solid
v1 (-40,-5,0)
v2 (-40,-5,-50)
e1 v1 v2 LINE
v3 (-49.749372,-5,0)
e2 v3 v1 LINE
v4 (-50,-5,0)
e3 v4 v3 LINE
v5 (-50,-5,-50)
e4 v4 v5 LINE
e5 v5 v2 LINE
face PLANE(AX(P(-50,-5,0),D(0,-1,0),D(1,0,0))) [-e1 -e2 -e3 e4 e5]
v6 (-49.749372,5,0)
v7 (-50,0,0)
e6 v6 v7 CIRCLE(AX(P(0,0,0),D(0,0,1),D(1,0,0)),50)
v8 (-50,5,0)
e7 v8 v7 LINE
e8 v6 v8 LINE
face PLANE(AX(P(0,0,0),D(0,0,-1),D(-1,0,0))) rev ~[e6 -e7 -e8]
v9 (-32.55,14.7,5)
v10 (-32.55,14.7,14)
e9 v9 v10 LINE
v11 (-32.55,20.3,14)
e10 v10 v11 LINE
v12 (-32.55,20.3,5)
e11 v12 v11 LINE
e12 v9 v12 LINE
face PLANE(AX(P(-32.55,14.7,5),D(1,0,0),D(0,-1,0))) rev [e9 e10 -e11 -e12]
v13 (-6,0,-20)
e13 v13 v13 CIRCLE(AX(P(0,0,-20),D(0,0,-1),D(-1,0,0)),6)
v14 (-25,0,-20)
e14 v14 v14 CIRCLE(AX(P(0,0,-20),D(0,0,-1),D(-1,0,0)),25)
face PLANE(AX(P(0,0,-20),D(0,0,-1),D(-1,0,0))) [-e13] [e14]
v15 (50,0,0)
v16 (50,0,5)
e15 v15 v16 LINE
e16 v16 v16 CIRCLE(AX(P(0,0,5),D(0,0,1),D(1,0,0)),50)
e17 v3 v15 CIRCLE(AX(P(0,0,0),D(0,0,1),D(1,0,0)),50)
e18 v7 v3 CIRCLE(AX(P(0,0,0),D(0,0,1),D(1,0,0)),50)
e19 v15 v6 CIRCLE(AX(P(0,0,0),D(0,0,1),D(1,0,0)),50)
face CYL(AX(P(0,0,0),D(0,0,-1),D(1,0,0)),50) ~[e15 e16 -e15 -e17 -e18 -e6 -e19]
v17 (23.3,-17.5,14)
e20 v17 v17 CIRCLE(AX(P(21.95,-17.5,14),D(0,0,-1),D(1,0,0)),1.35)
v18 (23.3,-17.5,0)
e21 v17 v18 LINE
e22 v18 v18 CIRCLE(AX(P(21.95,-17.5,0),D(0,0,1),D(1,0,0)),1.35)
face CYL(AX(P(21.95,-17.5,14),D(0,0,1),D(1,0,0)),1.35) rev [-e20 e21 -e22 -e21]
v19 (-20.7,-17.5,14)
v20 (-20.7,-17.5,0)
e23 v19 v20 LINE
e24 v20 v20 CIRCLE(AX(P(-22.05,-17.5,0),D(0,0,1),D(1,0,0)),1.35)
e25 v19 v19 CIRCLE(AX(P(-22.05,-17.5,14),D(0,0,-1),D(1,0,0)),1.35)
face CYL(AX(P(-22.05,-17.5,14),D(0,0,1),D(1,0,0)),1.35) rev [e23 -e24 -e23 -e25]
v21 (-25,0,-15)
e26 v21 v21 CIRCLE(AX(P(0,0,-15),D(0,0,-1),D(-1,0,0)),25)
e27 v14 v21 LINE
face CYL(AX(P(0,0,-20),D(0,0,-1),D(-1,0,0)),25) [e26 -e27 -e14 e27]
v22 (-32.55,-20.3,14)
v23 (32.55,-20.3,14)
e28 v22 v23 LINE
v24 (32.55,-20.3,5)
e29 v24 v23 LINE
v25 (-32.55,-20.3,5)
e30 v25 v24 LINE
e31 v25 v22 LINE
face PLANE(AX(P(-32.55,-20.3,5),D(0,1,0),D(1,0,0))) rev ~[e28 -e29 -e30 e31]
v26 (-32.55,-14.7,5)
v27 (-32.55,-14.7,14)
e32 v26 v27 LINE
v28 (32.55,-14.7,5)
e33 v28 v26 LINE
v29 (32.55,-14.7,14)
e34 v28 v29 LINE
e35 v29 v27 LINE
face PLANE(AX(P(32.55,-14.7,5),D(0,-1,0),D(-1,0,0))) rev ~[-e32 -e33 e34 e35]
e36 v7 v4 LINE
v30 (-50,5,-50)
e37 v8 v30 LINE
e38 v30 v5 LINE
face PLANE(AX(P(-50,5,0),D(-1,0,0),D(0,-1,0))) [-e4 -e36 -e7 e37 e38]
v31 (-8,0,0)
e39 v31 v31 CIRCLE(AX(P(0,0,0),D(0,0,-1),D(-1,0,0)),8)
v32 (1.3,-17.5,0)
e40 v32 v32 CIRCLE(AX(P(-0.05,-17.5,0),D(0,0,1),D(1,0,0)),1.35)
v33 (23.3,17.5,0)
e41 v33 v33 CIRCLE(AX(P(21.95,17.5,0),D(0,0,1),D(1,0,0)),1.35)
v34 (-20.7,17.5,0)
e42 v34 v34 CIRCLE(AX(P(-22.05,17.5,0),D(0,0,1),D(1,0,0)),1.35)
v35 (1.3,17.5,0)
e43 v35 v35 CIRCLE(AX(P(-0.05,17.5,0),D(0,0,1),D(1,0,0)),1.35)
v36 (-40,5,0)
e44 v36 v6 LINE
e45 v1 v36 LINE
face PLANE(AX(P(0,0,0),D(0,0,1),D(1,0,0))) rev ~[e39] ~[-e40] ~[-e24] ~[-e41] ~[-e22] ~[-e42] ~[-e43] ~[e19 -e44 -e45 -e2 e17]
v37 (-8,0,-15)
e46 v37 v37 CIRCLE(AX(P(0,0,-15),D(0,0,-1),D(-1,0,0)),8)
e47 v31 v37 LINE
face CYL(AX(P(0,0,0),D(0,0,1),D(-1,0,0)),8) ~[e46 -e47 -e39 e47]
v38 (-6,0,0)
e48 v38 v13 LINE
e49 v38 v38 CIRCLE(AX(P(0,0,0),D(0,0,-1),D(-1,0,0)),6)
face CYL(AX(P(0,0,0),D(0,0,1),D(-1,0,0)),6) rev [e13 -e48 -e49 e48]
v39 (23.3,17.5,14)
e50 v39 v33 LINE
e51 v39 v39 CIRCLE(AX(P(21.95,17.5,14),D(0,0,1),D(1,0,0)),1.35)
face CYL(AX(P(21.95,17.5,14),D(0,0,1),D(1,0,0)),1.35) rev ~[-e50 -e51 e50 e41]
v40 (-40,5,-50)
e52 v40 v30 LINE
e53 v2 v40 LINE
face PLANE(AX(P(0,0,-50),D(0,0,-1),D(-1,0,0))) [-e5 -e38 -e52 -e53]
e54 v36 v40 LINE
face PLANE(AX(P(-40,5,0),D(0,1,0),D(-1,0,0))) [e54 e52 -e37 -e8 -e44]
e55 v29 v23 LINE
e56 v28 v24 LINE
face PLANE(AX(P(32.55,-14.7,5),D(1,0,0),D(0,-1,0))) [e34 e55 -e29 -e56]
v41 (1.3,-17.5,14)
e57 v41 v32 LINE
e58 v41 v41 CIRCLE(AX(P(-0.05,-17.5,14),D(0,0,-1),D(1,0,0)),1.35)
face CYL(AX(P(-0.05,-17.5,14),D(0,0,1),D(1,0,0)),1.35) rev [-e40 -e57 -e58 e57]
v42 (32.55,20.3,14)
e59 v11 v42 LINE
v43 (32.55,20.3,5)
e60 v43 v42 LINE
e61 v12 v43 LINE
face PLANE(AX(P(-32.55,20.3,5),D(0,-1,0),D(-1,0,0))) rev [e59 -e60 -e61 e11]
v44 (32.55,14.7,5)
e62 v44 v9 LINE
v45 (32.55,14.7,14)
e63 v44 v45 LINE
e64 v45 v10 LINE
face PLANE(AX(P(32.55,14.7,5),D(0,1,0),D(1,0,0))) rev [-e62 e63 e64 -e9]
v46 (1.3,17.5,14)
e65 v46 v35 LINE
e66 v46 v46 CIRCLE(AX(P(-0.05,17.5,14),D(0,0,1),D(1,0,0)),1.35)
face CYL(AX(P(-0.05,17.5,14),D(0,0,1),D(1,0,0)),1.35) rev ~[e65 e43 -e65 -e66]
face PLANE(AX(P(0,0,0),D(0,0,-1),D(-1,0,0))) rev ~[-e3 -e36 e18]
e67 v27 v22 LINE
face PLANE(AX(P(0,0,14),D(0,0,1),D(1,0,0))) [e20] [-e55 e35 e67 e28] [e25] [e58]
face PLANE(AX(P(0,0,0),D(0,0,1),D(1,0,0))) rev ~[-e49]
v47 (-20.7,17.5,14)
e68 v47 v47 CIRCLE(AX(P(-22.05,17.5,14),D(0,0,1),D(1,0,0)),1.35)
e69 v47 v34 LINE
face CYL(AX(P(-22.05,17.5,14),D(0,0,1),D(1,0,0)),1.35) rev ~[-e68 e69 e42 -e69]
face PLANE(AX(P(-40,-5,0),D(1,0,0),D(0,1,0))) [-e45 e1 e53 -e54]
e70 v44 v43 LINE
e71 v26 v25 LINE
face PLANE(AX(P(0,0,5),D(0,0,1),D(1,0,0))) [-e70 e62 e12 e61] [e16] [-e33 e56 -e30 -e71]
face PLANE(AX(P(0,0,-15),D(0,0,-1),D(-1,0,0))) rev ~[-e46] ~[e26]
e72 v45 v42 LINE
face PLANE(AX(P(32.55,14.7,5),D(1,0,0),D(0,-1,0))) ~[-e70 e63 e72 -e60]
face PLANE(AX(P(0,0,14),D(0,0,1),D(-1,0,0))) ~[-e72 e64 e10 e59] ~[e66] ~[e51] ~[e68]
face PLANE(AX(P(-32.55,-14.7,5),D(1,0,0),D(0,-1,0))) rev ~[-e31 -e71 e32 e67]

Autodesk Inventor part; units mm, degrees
ref_plane "YZ Plane" through (0, 0, 0) normal (1, 0, 0) x (0, 1, 0)
ref_plane "XZ Plane" through (0, 0, 0) normal (0, 1, 0) x (-1, 0, 0)
ref_plane "XY Plane" through (0, 0, 0) normal (0, 0, 1) x (1, 0, 0)
sketch "Skizze1" plane through (0, 0, 0) normal (0, 0, 1) x (1, 0, 0)
  circle A0 centre (0, 0) radius 50
  dimension "d0" = 100
extrude "Extrusion1" add sketch "Skizze1" along normal blind 5
sketch "Skizze2" plane through (0, 0, 0) normal (0, 0, -1) x (-1, 0, 0)
  circle A0 centre (0, 0) radius 6
  circle A1 centre (0, 0) radius 8
  dimension "d3" = 12
  dimension "d4" = 16
extrude "Extrusion2" add sketch "Skizze2" along normal blind 20
sketch "Skizze3" plane through (0, 0, 0) normal (0, 0, -1) x (-1, 0, 0)
  circle A0 centre (0, 0) radius 50 construction
  line L0 (50, 0) -> (40, 0) construction
  line L1 (40, 0) -> (40, 5) construction
  line L2 (40, 5) -> (50, 5) construction
  line L3 (40, 5) -> (50, 5) construction
  line L4 (50, 5) -> (50, 0) construction
  line L5 (50, 0) -> (50, -5) construction
  line L6 (40, 5) -> (50, 5)
  line L7 (50, 5) -> (50, -5)
  line L8 (50, -5) -> (40, -5)
  line L9 (40, -5) -> (40, 5)
  dimension "d7" = 10
  dimension "d8" = 5
  dimension "d10" = 10
  dimension "d11" = 0
  dimension "d12" = 5
extrude "Extrusion3" add sketch "Skizze3" along normal blind 50
sketch "Skizze4" plane through (0, 0, 5) normal (0, 0, 1) x (1, 0, 0)
  line L0 (-40, 5) -> (-49.7494, 5) construction
  circle A0 centre (0, 0) radius 6 construction
  line L1 (0, 0) -> (32.55, 0) construction
  line L2 (32.55, 0) -> (32.55, -20.3)
  line L3 (0, 0) -> (-32.55, 0) construction
  line L4 (-32.55, 0) -> (-32.55, -20.3) construction
  line L5 (-32.55, 0) -> (-32.55, -20.3) construction
  line L6 (32.55, -20.3) -> (32.55, -14.7) construction
  line L7 (-32.55, -20.3) -> (-32.55, -14.7) construction
  line L8 (-32.55, -20.3) -> (32.55, -20.3)
  line L9 (32.55, -20.3) -> (32.55, -14.7)
  line L10 (32.55, -14.7) -> (-32.55, -14.7)
  line L11 (-32.55, -14.7) -> (-32.55, -20.3)
  dimension "d23" = 32.55
  dimension "d24" = 20.3
  dimension "d25" = 32.55
  dimension "d26" = 20.3
  dimension "d27" = 5.6
  dimension "d28" = 5.6
extrude "Extrusion4" add sketch "Skizze4" along normal blind 9
ref_plane "Arbeitsebene1" through (-32.55, 0, 5) normal (0, 1, 0) x (1, 0, 0)
mirror "Spiegeln1" about plane through (-32.55, 0, 5) normal (0, 1, 0) of "Extrusion4"
sketch "Skizze9" plane through (-32.55, 20.3, 14) normal (0, 0, 1) x (1, 0, 0)
  circle A0 centre (32.5, -2.8) radius 1.35 projected
  circle A1 centre (54.5, -2.8) radius 1.35 projected
  circle A2 centre (10.5, -2.8) radius 1.35 projected
  circle A3 centre (54.5, -2.8) radius 1.4
  circle A4 centre (32.5, -2.8) radius 1.4
  circle A5 centre (10.5, -2.8) radius 1.4
  point P0 (32.55, -20.3)
  dimension "d40" = 2.8
  dimension "d41" = 2.8
  dimension "d42" = 2.8
extrude "Extrusion7" cut sketch "Skizze9" against normal through all contours A0 | A1 | A2
mirror "Spiegeln3" about plane through (-32.55, 0, 5) normal (0, 1, 0) of "Extrusion7"
sketch "Skizze11" plane through (0, 0, -20) normal (0, 0, -1) x (-1, 0, 0)
  circle A0 centre (0, 0) radius 8 projected
  circle A1 centre (0, 0) radius 8
  circle A2 centre (0, 0) radius 25
  dimension "d53" = 16
  dimension "d54" = 50
extrude "Extrusion9" add sketch "Skizze11" against normal blind 5
properties part number "turntable"
